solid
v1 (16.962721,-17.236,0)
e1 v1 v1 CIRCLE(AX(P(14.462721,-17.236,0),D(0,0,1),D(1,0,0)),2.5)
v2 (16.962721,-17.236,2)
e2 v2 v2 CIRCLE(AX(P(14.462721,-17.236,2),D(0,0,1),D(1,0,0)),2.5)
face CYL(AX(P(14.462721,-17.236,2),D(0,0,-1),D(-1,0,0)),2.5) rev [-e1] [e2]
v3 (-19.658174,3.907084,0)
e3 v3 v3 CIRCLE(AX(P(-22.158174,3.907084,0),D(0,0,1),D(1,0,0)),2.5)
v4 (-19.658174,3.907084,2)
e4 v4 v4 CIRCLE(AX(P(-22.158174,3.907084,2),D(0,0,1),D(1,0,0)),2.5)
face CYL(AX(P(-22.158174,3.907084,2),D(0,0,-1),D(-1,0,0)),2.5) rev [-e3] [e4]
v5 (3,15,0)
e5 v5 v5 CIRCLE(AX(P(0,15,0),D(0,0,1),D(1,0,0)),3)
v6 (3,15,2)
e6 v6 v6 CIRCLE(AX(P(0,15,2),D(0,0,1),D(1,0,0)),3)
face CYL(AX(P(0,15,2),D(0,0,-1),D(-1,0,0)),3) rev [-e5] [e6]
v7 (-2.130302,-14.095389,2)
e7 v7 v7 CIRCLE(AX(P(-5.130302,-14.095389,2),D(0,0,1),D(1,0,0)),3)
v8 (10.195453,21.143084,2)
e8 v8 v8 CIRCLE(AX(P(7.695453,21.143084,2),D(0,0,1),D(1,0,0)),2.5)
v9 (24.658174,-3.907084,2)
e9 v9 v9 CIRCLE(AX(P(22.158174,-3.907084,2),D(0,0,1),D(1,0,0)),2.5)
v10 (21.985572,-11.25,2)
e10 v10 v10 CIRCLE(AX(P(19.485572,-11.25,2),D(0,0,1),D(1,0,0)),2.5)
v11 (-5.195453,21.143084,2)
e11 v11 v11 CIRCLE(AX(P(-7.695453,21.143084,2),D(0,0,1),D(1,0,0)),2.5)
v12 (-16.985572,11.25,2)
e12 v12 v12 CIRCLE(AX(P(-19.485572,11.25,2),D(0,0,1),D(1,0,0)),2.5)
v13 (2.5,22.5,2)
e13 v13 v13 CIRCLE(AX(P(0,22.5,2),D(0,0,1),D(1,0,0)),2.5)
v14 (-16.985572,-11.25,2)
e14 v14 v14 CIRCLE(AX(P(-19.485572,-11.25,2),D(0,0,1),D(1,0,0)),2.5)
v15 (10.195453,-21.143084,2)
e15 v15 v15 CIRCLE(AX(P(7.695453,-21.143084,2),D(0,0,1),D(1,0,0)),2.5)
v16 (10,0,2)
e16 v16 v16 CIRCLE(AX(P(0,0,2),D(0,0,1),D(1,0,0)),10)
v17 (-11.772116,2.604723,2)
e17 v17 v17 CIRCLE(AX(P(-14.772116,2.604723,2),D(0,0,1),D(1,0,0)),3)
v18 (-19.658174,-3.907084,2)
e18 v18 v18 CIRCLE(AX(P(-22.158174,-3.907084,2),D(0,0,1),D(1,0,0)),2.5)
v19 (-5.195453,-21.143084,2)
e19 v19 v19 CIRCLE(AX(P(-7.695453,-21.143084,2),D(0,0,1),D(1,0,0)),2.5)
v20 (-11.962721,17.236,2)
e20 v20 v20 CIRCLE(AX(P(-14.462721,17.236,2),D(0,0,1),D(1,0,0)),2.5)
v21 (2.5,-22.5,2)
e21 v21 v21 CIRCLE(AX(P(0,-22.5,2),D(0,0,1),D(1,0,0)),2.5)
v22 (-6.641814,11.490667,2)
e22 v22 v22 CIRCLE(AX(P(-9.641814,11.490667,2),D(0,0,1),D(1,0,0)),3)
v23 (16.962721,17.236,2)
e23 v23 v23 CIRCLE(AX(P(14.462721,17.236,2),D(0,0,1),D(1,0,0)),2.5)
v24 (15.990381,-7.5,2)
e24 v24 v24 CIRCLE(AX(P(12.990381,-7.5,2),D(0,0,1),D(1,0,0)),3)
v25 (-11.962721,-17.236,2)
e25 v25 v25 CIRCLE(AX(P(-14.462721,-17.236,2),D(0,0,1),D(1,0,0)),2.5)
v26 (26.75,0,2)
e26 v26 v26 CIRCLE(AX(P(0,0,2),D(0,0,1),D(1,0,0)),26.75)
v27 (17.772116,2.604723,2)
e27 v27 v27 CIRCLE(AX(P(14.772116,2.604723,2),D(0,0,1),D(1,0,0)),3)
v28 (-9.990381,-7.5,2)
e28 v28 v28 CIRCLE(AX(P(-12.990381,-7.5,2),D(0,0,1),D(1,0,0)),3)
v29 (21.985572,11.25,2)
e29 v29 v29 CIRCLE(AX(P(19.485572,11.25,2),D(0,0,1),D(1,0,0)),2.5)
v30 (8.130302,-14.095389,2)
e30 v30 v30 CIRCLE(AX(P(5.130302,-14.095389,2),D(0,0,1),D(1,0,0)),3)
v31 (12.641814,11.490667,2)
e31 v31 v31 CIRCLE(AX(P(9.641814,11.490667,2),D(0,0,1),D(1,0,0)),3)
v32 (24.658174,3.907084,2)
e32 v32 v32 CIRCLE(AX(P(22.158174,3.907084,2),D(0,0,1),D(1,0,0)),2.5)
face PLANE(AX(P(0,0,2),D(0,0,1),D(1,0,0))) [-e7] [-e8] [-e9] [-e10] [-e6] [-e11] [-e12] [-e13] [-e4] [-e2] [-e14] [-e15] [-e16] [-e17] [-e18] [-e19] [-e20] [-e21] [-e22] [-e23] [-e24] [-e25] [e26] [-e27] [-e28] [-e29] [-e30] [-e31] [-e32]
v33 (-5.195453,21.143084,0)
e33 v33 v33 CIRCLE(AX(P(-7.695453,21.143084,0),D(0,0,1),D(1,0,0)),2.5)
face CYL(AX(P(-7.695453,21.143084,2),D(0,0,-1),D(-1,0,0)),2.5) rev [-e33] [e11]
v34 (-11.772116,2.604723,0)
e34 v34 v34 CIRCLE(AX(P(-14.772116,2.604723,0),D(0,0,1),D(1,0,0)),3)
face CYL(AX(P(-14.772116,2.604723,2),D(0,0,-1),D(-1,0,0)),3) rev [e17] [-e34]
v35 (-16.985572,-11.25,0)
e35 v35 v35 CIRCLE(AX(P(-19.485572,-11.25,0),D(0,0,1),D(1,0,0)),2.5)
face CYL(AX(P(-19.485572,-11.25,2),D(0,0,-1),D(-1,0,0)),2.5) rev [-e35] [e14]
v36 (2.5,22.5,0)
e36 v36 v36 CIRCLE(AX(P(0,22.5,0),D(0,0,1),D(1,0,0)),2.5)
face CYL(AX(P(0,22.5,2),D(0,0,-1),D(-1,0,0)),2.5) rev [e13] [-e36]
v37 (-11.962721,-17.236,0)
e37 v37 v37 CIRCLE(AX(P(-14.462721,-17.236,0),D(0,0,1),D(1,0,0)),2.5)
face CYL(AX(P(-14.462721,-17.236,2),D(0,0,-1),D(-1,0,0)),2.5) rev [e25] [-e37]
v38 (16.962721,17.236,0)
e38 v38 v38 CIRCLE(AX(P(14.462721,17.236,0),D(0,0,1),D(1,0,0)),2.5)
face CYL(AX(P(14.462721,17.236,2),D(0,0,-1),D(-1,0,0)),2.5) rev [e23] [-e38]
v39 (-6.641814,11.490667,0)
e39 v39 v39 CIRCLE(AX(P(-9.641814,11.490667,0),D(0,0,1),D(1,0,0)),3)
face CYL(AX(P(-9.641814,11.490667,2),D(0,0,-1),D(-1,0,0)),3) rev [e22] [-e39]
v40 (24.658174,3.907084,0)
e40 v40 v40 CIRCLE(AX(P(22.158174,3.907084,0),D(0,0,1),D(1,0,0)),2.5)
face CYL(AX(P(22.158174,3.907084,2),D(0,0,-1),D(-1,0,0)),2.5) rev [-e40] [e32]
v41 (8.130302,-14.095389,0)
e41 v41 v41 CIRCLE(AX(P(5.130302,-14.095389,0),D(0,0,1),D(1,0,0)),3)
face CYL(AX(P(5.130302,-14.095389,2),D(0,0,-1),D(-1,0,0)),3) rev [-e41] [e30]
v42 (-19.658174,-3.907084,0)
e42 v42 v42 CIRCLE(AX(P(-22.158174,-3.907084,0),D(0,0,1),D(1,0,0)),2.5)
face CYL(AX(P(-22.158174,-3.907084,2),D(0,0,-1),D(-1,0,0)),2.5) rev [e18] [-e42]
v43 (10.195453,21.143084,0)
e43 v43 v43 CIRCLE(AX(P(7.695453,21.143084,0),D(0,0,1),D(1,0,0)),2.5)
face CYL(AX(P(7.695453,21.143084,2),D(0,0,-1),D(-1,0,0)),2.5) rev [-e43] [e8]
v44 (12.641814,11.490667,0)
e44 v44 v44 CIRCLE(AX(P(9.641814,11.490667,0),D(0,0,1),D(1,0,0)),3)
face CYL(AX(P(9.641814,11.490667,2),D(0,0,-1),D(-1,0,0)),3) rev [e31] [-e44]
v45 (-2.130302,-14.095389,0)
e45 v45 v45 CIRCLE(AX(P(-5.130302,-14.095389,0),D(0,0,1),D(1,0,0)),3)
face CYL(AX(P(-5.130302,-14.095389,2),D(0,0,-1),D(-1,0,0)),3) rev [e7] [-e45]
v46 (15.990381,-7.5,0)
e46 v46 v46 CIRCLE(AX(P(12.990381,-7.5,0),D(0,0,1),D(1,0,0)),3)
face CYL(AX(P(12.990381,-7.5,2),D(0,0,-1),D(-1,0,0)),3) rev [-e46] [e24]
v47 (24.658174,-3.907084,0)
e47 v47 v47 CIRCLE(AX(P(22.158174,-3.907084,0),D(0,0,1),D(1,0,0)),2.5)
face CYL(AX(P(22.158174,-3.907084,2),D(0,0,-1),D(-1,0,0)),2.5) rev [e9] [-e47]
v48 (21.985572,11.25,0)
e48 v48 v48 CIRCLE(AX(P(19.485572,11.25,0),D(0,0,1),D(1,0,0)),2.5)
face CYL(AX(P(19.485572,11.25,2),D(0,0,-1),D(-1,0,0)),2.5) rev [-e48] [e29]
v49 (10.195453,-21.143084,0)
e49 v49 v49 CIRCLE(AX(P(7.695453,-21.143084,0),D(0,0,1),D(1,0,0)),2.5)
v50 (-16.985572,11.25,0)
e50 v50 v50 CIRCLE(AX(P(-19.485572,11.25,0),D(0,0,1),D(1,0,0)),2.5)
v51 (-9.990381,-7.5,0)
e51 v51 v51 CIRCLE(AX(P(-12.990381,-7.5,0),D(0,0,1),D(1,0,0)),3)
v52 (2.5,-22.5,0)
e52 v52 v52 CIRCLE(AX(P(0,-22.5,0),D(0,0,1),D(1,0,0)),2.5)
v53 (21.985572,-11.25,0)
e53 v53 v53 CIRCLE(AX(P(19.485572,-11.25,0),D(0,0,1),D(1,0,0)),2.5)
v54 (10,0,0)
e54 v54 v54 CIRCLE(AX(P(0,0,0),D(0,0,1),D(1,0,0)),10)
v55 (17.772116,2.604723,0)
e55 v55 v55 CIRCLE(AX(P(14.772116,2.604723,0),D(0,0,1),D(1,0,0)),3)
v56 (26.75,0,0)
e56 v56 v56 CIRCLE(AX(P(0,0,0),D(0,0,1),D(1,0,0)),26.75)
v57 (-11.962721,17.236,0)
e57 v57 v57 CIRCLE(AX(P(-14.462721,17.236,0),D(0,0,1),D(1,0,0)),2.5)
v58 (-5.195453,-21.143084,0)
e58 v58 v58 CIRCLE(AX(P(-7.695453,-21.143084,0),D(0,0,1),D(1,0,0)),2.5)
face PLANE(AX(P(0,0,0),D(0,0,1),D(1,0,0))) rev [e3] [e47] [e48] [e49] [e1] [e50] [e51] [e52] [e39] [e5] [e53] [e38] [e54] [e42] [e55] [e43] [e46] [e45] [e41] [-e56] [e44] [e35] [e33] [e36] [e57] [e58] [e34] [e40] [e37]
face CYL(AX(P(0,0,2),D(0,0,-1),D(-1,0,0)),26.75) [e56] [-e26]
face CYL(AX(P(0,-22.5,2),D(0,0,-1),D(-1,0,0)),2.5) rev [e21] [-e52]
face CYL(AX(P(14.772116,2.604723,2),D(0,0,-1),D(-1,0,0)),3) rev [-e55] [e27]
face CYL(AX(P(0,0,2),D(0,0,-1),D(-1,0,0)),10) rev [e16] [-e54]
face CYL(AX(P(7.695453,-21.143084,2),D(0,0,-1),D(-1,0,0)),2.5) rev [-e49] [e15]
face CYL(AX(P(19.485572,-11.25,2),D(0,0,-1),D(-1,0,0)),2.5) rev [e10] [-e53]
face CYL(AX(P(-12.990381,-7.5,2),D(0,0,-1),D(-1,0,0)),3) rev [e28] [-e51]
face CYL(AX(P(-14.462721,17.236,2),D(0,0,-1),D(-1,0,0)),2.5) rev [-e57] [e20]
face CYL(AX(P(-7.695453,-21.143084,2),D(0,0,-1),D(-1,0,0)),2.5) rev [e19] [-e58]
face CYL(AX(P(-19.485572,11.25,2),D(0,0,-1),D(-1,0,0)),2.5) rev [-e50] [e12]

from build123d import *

# Parameters (mm, degrees)
SKETCH1_R           = 26.75
SKETCH1_R_2         = 10
SKETCH1_R_3         = 2.5
SKETCH1_R_4         = 3
BOSS_EXTRUDE1_DEPTH = 2


with BuildPart() as part:
    # Sketch1 → Boss-Extrude1 (new body)
    with BuildSketch(Plane.XY):
        Circle(SKETCH1_R)
        Circle(SKETCH1_R_2, mode=Mode.SUBTRACT)
        with Locations((0, 22.5)):
            Circle(SKETCH1_R_3, mode=Mode.SUBTRACT)
        with Locations((7.695453225, 21.143083968)):
            Circle(SKETCH1_R_3, mode=Mode.SUBTRACT)
        with Locations((14.462721218, 17.23599997)):
            Circle(SKETCH1_R_3, mode=Mode.SUBTRACT)
        with Locations((19.485571585, 11.25)):
            Circle(SKETCH1_R_3, mode=Mode.SUBTRACT)
        with Locations((22.158174443, 3.907083998)):
            Circle(SKETCH1_R_3, mode=Mode.SUBTRACT)
        with Locations((22.158174443, -3.907083998)):
            Circle(SKETCH1_R_3, mode=Mode.SUBTRACT)
        with Locations((19.485571585, -11.25)):
            Circle(SKETCH1_R_3, mode=Mode.SUBTRACT)
        with Locations((14.462721218, -17.23599997)):
            Circle(SKETCH1_R_3, mode=Mode.SUBTRACT)
        with Locations((7.695453225, -21.143083968)):
            Circle(SKETCH1_R_3, mode=Mode.SUBTRACT)
        with Locations((0, -22.5)):
            Circle(SKETCH1_R_3, mode=Mode.SUBTRACT)
        with Locations((-7.695453225, -21.143083968)):
            Circle(SKETCH1_R_3, mode=Mode.SUBTRACT)
        with Locations((-14.462721218, -17.23599997)):
            Circle(SKETCH1_R_3, mode=Mode.SUBTRACT)
        with Locations((-19.485571585, -11.25)):
            Circle(SKETCH1_R_3, mode=Mode.SUBTRACT)
        with Locations((-22.158174443, -3.907083998)):
            Circle(SKETCH1_R_3, mode=Mode.SUBTRACT)
        with Locations((-22.158174443, 3.907083998)):
            Circle(SKETCH1_R_3, mode=Mode.SUBTRACT)
        with Locations((-19.485571585, 11.25)):
            Circle(SKETCH1_R_3, mode=Mode.SUBTRACT)
        with Locations((-14.462721218, 17.23599997)):
            Circle(SKETCH1_R_3, mode=Mode.SUBTRACT)
        with Locations((-7.695453225, 21.143083968)):
            Circle(SKETCH1_R_3, mode=Mode.SUBTRACT)
        with Locations((0, 15)):
            Circle(SKETCH1_R_4, mode=Mode.SUBTRACT)
        with Locations((9.641814145, 11.490666647)):
            Circle(SKETCH1_R_4, mode=Mode.SUBTRACT)
        with Locations((14.772116295, 2.604722665)):
            Circle(SKETCH1_R_4, mode=Mode.SUBTRACT)
        with Locations((12.990381057, -7.5)):
            Circle(SKETCH1_R_4, mode=Mode.SUBTRACT)
        with Locations((5.13030215, -14.095389312)):
            Circle(SKETCH1_R_4, mode=Mode.SUBTRACT)
        with Locations((-5.13030215, -14.095389312)):
            Circle(SKETCH1_R_4, mode=Mode.SUBTRACT)
        with Locations((-12.990381057, -7.5)):
            Circle(SKETCH1_R_4, mode=Mode.SUBTRACT)
        with Locations((-14.772116295, 2.604722665)):
            Circle(SKETCH1_R_4, mode=Mode.SUBTRACT)
        with Locations((-9.641814145, 11.490666647)):
            Circle(SKETCH1_R_4, mode=Mode.SUBTRACT)
    extrude(amount=BOSS_EXTRUDE1_DEPTH)


solid = part.part
